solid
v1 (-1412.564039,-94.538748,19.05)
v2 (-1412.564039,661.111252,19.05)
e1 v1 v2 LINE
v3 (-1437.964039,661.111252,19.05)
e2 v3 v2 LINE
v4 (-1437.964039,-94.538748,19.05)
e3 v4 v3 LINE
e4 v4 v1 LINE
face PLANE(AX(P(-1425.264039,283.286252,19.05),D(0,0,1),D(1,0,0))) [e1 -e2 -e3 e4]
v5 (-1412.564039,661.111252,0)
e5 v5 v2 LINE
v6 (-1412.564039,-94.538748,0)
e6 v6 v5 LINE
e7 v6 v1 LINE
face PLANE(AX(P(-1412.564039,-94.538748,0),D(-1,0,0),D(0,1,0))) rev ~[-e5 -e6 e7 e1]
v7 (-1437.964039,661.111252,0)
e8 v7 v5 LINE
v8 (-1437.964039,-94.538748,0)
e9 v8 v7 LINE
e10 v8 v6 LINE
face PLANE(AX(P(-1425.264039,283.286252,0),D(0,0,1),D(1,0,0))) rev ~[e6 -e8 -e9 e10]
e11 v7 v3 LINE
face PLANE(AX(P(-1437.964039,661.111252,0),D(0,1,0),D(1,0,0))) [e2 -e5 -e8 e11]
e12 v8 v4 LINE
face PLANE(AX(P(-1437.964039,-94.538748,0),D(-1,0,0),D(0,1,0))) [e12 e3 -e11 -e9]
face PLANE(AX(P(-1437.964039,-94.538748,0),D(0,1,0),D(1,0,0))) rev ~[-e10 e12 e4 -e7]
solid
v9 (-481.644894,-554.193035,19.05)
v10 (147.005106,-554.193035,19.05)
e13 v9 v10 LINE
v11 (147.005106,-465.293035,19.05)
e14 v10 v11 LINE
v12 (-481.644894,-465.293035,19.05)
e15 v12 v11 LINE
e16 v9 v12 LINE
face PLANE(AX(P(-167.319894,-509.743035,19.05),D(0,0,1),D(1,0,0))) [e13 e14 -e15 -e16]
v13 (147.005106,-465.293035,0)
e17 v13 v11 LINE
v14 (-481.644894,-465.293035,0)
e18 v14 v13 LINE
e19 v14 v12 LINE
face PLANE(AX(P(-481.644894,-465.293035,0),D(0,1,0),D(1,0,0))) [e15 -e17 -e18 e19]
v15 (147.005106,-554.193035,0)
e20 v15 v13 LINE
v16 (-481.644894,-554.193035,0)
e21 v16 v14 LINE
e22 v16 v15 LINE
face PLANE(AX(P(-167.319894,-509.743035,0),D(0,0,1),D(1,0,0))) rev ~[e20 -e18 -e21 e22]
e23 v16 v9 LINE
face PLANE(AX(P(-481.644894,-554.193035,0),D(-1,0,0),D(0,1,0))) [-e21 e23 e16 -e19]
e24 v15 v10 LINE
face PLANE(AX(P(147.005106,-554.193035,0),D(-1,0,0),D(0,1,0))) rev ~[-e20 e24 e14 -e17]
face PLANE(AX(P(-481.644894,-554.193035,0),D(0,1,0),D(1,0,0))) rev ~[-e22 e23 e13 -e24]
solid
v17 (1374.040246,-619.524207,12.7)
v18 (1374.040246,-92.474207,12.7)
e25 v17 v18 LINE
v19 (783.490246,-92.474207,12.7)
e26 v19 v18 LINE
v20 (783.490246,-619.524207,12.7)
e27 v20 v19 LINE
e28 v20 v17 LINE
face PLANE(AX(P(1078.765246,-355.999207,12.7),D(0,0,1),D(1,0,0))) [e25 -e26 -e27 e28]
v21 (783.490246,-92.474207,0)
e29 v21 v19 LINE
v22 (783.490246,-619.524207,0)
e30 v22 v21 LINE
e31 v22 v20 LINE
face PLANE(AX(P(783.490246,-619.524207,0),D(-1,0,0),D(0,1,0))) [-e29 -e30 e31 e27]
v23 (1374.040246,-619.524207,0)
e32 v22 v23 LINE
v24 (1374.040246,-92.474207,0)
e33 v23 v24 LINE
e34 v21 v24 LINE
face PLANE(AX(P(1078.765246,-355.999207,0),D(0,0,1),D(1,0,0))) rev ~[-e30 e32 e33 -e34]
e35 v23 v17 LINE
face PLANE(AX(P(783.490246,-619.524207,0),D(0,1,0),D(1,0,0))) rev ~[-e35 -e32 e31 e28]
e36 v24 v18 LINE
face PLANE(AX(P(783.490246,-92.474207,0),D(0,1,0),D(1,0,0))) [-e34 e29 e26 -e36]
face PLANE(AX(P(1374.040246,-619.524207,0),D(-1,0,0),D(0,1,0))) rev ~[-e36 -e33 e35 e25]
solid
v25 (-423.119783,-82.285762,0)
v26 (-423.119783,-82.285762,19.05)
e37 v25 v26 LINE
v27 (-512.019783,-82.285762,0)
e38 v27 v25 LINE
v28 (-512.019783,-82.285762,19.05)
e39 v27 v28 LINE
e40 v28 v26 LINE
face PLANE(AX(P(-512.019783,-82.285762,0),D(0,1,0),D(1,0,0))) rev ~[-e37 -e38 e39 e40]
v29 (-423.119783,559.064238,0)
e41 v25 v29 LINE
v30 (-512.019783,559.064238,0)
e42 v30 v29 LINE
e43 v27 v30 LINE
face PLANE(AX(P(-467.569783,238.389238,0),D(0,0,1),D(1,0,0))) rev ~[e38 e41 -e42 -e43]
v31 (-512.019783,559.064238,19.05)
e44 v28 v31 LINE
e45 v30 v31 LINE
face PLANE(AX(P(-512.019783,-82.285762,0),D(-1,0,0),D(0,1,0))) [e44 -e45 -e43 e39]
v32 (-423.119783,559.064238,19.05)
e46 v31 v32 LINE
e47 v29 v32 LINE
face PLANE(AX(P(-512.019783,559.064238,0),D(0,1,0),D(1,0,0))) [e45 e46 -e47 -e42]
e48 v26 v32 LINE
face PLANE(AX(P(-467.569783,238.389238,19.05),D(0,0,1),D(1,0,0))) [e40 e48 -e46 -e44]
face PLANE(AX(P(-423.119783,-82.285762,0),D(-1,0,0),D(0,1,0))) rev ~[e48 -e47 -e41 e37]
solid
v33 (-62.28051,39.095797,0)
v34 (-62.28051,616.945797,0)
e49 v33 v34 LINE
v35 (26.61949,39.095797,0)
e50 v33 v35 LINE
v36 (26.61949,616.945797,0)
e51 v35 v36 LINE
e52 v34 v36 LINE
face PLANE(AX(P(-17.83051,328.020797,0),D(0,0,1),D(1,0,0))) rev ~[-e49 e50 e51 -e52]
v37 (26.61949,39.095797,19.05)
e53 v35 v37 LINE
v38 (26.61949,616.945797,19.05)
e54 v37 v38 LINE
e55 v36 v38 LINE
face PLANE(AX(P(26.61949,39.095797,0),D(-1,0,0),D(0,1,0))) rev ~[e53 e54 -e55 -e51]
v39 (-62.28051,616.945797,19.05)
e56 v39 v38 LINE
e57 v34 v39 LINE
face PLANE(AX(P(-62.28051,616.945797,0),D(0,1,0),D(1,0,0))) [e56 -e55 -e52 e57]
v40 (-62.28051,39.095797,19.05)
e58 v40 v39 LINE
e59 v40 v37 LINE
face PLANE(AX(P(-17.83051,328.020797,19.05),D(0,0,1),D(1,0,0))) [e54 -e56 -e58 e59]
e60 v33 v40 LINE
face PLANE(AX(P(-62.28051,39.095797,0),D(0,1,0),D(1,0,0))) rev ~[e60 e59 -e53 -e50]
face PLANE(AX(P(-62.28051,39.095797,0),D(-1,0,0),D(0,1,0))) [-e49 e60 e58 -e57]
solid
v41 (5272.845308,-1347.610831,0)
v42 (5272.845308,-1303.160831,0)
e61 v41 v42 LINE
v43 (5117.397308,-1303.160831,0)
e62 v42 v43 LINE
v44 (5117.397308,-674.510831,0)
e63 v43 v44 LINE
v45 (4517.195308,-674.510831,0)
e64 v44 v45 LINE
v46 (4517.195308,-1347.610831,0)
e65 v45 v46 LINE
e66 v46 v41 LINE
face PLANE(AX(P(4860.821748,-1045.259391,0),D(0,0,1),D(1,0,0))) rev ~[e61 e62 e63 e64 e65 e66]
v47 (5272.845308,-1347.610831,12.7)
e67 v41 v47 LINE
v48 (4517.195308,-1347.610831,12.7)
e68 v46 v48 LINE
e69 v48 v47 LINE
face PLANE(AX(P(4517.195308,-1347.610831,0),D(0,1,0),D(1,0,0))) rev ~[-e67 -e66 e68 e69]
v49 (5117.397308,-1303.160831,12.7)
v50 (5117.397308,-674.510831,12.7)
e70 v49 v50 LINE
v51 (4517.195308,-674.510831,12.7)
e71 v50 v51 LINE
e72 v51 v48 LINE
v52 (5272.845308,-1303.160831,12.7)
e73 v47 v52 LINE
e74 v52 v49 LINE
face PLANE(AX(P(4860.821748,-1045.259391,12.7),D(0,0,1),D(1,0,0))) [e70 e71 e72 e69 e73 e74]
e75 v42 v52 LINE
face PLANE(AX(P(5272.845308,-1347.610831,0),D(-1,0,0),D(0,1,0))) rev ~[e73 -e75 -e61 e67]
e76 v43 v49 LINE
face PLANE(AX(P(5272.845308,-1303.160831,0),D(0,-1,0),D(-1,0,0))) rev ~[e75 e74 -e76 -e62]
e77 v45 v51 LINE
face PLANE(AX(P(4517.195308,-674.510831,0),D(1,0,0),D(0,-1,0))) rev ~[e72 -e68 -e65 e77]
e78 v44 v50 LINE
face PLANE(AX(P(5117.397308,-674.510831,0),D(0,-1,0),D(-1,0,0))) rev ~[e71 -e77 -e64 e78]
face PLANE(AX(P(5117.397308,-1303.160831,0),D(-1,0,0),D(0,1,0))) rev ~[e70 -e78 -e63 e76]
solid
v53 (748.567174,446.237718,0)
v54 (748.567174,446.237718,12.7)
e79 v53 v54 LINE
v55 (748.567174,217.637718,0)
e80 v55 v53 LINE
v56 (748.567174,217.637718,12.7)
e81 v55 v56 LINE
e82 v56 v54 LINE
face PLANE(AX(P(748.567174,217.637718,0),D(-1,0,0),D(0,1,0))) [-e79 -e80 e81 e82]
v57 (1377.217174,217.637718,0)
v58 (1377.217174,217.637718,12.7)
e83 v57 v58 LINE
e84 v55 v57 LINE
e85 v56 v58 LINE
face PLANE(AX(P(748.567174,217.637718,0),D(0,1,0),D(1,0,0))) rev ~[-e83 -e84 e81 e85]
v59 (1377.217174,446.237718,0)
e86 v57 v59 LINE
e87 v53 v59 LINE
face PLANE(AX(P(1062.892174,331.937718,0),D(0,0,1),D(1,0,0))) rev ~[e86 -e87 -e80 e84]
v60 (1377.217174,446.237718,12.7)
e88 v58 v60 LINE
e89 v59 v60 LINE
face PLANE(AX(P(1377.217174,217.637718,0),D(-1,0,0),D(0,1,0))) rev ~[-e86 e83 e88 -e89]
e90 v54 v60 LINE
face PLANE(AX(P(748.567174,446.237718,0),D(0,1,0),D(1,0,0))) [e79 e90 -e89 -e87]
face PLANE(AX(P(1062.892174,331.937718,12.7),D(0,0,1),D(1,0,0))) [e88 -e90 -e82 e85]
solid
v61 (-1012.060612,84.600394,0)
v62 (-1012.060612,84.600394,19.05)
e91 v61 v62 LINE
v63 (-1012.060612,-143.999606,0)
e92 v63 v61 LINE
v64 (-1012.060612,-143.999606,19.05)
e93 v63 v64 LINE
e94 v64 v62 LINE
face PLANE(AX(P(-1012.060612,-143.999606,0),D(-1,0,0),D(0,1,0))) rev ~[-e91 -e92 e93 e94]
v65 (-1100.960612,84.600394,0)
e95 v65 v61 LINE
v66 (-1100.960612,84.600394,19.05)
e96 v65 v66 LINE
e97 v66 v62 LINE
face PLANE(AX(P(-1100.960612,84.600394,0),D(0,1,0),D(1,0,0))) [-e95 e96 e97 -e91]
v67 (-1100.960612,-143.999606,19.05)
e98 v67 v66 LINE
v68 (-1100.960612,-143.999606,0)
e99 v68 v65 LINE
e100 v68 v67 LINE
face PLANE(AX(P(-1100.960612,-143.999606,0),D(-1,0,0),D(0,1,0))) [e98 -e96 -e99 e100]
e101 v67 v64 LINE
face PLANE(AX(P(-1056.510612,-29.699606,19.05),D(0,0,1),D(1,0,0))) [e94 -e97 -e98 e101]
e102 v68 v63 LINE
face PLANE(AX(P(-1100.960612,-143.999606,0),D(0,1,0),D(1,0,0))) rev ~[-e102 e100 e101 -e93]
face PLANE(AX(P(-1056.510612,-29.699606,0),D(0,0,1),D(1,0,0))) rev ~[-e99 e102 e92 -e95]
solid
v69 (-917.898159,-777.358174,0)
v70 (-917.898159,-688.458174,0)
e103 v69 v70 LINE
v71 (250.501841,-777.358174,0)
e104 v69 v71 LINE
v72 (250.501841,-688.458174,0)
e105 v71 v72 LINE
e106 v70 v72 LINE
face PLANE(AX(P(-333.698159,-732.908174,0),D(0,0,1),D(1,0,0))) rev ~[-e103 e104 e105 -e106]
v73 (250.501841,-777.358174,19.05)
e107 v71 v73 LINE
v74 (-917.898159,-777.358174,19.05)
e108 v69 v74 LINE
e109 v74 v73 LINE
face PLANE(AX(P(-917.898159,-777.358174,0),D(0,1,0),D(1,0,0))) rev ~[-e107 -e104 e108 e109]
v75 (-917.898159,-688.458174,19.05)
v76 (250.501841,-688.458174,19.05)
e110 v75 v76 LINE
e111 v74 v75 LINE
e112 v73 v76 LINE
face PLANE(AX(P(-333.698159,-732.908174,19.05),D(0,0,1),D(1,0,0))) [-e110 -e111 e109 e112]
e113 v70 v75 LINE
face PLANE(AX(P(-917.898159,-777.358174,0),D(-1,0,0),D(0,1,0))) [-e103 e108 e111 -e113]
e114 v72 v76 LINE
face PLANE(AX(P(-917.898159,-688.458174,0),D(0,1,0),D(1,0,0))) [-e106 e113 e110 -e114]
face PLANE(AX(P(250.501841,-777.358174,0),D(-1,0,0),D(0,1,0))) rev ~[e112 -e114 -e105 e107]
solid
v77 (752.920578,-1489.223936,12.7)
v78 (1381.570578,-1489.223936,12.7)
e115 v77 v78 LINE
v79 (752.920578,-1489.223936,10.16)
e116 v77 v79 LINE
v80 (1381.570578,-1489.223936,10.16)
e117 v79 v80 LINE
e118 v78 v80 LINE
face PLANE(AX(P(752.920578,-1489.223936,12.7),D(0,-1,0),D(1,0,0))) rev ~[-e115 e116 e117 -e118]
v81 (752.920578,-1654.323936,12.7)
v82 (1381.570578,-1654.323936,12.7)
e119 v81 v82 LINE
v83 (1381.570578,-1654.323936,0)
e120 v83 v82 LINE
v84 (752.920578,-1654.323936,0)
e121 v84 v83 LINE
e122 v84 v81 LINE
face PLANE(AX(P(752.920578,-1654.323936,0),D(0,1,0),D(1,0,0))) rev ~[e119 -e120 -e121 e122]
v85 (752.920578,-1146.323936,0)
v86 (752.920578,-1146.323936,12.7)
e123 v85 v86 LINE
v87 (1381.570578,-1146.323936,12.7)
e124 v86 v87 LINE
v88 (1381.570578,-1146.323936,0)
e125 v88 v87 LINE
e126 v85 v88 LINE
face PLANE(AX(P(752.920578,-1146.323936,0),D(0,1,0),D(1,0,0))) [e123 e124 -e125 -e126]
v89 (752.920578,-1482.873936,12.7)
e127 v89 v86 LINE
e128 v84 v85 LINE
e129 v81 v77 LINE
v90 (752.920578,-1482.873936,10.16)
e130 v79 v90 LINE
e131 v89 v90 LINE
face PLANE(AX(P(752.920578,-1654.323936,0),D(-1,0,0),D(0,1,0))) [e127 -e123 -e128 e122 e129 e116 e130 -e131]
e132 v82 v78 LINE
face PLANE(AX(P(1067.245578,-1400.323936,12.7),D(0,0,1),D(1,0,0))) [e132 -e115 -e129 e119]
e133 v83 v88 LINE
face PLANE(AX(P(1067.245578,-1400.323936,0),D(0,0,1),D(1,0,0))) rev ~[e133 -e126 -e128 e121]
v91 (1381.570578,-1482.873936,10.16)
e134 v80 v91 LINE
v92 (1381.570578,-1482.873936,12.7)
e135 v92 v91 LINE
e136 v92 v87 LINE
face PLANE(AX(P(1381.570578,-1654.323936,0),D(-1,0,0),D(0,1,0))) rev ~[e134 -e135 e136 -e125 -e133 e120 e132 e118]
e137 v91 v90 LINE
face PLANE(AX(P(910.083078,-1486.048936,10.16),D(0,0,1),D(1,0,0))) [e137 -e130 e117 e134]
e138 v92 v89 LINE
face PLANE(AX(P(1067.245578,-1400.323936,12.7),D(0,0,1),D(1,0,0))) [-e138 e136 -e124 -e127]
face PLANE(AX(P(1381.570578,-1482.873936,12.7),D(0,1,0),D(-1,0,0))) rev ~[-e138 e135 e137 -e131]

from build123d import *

# Parameters (mm, degrees)
F0_W     = 88.9
F0_H     = 577.85
F0_W_2   = 628.65
F0_H_2   = 88.9
F0_W_3   = 1168.4
F1_DEPTH = 19.05
F2_W     = 88.9
F2_H     = 641.35
F2_H_2   = 228.6
F2_W_2   = 25.4
F2_H_3   = 755.65
F3_DEPTH = 19.05
F4_W     = 628.65
F4_H     = 228.6
F4_W_2   = 590.55
F4_H_2   = 527.05
F4_H_3   = 508
F5_DEPTH = 12.7
F7_DEPTH = 12.7
F8_W     = 314.325
F8_H     = 6.35
F9_DEPTH = 2.54


with BuildPart() as f1:
    # F0 (on Top) → F1 (new body)
    with BuildSketch(Plane.XY):
        with Locations((-17.83051, 328.020797)):
            Rectangle(F0_W, F0_H)
        with Locations((-167.319894, -509.743035)):
            Rectangle(F0_W_2, F0_H_2)
        with Locations((-333.698159, -732.908174)):
            Rectangle(F0_W_3, F0_H_2)
    extrude(amount=F1_DEPTH)


with BuildPart() as f3:
    # F2 (on Top) → F3 (new body)
    with BuildSketch(Plane.XY):
        with Locations((-467.569783, 238.389238)):
            Rectangle(F2_W, F2_H)
        with Locations((-1056.510612, -29.699606)):
            Rectangle(F2_W, F2_H_2)
        with Locations((-1425.264039, 283.286252)):
            Rectangle(F2_W_2, F2_H_3)
    extrude(amount=F3_DEPTH)


with BuildPart() as f5:
    # F4 (on Top) → F5 (new body)
    with BuildSketch(Plane.XY):
        with Locations((1062.892174, 331.937718)):
            Rectangle(F4_W, F4_H)
        with Locations((1078.765246, -355.999207)):
            Rectangle(F4_W_2, F4_H_2)
        with Locations((1067.245578, -1400.323936)):
            Rectangle(F4_W, F4_H_3)
    extrude(amount=F5_DEPTH)

    # F8 (on face) → F9 (cut)
    with BuildSketch(Plane.XY.offset(12.7)):
        with Locations((910.083078, -1486.048936)):
            Rectangle(F8_W, F8_H)
        with Locations((1224.408078, -1486.048936)):
            Rectangle(F8_W, F8_H)
    extrude(amount=-F9_DEPTH, mode=Mode.SUBTRACT)


with BuildPart() as f7:
    # F6 (on Top) → F7 (new body)
    with BuildSketch(Plane.XY):
        Polygon((5117.397308, -674.510831), (4517.195308, -674.510831), (4517.195308, -1347.610831), (5117.397308, -1347.610831), (5272.845308, -1347.610831), (5272.845308, -1303.160831), (5117.397308, -1303.160831), align=None)
    extrude(amount=F7_DEPTH)


solid = Compound([f1.part, f3.part, f5.part, f7.part])
